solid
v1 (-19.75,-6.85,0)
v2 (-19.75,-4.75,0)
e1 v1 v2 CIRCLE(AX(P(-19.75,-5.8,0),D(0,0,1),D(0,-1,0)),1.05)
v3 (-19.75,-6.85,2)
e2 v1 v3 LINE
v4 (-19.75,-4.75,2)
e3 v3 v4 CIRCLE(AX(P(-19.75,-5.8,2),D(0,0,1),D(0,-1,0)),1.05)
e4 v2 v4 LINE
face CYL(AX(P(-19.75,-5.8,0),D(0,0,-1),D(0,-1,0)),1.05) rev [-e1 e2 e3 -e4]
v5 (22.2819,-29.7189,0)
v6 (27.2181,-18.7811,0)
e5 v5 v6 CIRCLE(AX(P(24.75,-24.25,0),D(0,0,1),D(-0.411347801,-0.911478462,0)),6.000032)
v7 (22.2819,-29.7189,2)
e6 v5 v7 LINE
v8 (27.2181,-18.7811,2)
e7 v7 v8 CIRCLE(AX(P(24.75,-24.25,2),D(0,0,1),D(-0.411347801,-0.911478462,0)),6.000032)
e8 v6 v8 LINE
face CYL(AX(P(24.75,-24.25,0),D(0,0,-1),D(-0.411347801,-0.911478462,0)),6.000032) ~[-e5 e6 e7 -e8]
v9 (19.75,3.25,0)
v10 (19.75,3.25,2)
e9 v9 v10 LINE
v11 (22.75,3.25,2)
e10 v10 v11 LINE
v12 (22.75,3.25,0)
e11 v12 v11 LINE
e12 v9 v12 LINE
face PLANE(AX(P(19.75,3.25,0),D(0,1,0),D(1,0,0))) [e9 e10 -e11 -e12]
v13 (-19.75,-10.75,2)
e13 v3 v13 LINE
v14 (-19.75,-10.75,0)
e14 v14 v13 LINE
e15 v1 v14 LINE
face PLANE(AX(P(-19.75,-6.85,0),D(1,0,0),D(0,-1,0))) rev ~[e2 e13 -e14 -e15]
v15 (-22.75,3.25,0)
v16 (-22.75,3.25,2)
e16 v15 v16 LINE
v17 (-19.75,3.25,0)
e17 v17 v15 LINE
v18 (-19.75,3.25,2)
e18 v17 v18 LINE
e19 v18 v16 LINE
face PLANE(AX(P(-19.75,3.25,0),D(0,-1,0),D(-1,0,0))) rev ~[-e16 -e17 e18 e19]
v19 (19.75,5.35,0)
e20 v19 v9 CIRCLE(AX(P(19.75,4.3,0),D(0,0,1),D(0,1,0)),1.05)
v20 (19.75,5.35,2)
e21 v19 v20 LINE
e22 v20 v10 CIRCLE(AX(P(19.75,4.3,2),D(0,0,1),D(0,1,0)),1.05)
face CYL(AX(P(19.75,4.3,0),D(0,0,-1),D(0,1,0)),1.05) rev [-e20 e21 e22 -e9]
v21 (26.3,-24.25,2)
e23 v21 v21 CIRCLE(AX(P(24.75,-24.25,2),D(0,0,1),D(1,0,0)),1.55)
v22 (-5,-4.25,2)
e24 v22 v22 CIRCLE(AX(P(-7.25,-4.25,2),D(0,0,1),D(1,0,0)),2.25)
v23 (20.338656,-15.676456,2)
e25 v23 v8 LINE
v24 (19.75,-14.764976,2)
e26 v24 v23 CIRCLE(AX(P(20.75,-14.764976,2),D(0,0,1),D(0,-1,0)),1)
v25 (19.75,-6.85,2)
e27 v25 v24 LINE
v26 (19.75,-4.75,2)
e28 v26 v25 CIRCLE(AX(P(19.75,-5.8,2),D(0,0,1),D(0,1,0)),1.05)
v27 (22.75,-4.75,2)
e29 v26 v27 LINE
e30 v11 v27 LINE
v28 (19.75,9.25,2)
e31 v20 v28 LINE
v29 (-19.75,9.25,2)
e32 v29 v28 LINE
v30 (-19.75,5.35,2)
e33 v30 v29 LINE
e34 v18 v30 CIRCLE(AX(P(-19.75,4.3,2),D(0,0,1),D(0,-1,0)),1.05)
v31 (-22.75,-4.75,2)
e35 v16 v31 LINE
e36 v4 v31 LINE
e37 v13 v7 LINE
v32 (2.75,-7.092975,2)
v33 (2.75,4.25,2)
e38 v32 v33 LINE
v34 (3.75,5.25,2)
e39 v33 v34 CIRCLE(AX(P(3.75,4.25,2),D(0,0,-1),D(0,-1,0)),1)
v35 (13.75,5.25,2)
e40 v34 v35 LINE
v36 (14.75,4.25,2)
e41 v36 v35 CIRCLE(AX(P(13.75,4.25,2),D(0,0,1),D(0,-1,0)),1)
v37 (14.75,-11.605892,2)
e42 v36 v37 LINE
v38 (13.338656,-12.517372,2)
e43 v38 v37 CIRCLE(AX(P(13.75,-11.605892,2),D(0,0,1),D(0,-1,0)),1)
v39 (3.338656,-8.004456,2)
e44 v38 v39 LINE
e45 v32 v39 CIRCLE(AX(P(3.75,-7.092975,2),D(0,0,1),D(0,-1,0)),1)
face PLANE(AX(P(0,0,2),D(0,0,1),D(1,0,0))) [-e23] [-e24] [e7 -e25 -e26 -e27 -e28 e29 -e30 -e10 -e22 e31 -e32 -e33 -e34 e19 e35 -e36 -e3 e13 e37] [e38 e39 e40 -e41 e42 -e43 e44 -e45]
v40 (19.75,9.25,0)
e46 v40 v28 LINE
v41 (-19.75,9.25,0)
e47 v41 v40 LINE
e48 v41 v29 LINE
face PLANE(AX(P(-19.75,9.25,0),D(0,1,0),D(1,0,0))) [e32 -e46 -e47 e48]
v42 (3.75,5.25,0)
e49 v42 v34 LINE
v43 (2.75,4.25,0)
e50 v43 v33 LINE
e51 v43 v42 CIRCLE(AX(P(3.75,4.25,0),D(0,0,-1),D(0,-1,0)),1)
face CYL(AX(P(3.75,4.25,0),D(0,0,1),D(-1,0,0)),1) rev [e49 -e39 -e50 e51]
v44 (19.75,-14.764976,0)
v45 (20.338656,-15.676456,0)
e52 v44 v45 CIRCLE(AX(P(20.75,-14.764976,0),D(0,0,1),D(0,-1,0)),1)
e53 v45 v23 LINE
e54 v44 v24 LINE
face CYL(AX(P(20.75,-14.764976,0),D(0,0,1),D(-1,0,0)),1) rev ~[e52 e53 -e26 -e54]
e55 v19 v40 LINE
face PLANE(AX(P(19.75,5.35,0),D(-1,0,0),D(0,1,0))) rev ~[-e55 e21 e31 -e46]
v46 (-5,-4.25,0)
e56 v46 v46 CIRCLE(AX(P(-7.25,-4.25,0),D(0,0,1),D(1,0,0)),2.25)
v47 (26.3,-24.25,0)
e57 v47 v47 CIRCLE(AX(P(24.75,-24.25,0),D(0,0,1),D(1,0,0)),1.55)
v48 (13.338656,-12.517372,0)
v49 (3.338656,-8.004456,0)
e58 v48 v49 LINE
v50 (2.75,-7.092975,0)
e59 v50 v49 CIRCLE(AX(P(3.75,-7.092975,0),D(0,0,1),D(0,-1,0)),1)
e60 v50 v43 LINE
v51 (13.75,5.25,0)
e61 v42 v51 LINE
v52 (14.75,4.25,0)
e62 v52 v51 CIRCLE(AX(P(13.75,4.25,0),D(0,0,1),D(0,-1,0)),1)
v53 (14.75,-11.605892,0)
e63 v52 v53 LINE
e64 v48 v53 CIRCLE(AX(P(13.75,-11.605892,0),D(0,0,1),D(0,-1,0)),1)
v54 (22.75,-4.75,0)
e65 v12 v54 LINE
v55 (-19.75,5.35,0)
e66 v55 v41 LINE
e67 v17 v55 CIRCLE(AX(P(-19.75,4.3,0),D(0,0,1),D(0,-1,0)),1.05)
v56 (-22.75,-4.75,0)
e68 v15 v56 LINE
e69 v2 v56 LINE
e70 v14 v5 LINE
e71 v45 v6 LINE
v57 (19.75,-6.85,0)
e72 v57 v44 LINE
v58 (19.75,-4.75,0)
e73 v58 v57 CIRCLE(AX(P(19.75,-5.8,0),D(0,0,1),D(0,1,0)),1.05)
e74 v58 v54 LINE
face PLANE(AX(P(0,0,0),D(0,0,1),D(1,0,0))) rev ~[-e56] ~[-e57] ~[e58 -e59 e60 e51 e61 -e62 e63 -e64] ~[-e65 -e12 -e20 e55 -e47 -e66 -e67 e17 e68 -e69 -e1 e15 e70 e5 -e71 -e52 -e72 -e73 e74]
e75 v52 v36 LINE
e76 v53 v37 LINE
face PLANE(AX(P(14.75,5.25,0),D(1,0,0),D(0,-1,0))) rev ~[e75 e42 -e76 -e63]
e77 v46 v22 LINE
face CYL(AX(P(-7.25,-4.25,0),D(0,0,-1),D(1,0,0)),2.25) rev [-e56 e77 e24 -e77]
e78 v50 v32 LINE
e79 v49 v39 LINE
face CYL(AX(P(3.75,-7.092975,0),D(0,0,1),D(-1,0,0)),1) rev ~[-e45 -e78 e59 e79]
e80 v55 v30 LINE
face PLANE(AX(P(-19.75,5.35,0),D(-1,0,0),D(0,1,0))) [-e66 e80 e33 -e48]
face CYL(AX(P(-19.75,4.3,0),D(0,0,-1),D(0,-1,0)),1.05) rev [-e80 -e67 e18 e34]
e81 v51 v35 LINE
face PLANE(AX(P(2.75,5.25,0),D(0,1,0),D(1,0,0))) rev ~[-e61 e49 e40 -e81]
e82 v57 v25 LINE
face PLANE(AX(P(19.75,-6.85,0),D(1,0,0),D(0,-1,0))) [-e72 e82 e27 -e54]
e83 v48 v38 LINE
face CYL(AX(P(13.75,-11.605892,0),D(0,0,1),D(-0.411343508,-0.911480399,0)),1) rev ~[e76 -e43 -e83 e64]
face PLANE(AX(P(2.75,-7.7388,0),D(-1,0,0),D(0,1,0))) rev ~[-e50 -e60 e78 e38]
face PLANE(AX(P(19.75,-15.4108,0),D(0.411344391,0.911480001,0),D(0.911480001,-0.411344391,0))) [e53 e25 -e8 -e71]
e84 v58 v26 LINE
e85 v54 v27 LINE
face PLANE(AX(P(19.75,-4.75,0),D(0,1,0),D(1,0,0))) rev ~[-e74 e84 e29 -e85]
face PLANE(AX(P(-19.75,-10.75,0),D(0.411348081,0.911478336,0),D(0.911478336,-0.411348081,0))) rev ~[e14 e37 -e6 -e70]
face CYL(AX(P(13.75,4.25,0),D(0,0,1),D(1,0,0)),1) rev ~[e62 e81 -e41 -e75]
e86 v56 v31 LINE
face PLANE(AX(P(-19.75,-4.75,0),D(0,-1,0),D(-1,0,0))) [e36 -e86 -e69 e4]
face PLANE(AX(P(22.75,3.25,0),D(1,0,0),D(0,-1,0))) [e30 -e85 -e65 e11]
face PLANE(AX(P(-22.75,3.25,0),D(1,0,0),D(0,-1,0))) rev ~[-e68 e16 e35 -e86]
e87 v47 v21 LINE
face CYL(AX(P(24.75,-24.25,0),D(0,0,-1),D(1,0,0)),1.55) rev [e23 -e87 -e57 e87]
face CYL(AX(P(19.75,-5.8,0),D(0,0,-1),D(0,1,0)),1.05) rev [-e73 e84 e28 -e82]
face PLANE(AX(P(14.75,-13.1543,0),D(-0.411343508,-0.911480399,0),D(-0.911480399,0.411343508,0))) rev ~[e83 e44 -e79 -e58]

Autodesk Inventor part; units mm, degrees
ref_plane "YZ Plane" through (0, 0, 0) normal (1, 0, 0) x (0, 1, 0)
ref_plane "XZ Plane" through (0, 0, 0) normal (0, 1, 0) x (-1, 0, 0)
ref_plane "XY Plane" through (0, 0, 0) normal (0, 0, 1) x (1, 0, 0)
sketch "スケッチ1" plane through (0, 0, 0) normal (0, 0, 1) x (1, 0, 0)
  line L0 (-19.75, 25.75) -> (19.75, 25.75) construction
  line L1 (19.75, 25.75) -> (19.75, -25.75) construction
  line L2 (19.75, -25.75) -> (-19.75, -25.75) construction
  line L3 (-19.75, -25.75) -> (-19.75, 25.75) construction
  line L4 (-19.75, 25.75) -> (19.75, -25.75) construction
  line L5 (19.75, 25.75) -> (-19.75, -25.75) construction
  circle A0 centre (24.75, -24.25) radius 1.55
  circle A1 centre (-7.25, -4.25) radius 2.25
  line L6 (0, 25.75) -> (0, -25.75) construction
  line L7 (-19.75, 3.25) -> (-22.75, 3.25)
  line L8 (-22.75, 3.25) -> (-22.75, -4.75)
  arc A2 (-19.75, 3.25) -> (-19.75, 5.35) centre (-19.75, 4.3) ccw
  line L9 (-22.75, -0.75) -> (-19.75, -0.75) construction
  line L10 (-19.75, -4.75) -> (-22.75, -4.75)
  arc A3 (-19.75, -6.85) -> (-19.75, -4.75) centre (-19.75, -5.8) ccw
  line L11 (-19.75, 5.35) -> (-19.75, 9.25)
  line L12 (-19.75, 9.25) -> (19.75, 9.25)
  line L13 (22.75, 3.25) -> (22.75, -4.75)
  arc A4 (19.75, 5.35) -> (19.75, 3.25) centre (19.75, 4.3) ccw
  line L14 (19.75, -4.75) -> (22.75, -4.75)
  arc A5 (19.75, -4.75) -> (19.75, -6.85) centre (19.75, -5.8) ccw
  line L15 (19.75, 5.35) -> (19.75, 9.25)
  line L16 (19.75, 3.25) -> (22.75, 3.25)
  arc A6 (22.2819, -29.7189) -> (27.2181, -18.7811) centre (24.75, -24.25) ccw
  line L17 (-19.75, -6.85) -> (-19.75, -10.75)
  line L18 (-19.75, -10.75) -> (22.2819, -29.7189)
  line L19 (19.75, -6.85) -> (19.75, -15.4108)
  line L20 (19.75, -15.4108) -> (27.2181, -18.7811)
  circle A7 centre (-7.25, -4.25) radius 6 construction
  circle A8 centre (24.75, -24.25) radius 6 construction
  line L21 (2.75, 5.25) -> (14.75, 5.25)
  line L22 (14.75, 5.25) -> (14.75, -13.1543)
  line L23 (14.75, -13.1543) -> (2.75, -7.7388)
  line L24 (2.75, -7.7388) -> (2.75, 5.25)
  point P0 (0, 0)
  dimension "d0" = 39.5
  dimension "d1" = 51.5
  dimension "d2" = 3.1
  dimension "d3" = 4.5
  dimension "d4" = 32
  dimension "d5" = 20
  dimension "d6" = 3
  dimension "d7" = 1.05
  dimension "d8" = 8
  dimension "d9" = 26.5
  dimension "d11" = 30
  dimension "d12" = 12.5
  dimension "d13" = 6
  dimension "d14" = 12
  dimension "d19" = 12
  dimension "d20" = 12
  dimension "d21" = 4
  dimension "d22" = 5
  dimension "d24" = 4
extrude "押し出し1" add sketch "スケッチ1" along normal blind 2
fillet "フィレット1" radius 1 1 edges at (19.75, -15.4108, 1)
fillet "フィレット2" radius 1 4 edges at (2.75, 5.25, 1) (14.75, 5.25, 1) (2.75, -7.7388, 1) (14.75, -13.1543, 1)
equation "\"d24\" = d21"
properties part number "付け根_メインフレーム_1" material "アルミニウム 2014-T4"
